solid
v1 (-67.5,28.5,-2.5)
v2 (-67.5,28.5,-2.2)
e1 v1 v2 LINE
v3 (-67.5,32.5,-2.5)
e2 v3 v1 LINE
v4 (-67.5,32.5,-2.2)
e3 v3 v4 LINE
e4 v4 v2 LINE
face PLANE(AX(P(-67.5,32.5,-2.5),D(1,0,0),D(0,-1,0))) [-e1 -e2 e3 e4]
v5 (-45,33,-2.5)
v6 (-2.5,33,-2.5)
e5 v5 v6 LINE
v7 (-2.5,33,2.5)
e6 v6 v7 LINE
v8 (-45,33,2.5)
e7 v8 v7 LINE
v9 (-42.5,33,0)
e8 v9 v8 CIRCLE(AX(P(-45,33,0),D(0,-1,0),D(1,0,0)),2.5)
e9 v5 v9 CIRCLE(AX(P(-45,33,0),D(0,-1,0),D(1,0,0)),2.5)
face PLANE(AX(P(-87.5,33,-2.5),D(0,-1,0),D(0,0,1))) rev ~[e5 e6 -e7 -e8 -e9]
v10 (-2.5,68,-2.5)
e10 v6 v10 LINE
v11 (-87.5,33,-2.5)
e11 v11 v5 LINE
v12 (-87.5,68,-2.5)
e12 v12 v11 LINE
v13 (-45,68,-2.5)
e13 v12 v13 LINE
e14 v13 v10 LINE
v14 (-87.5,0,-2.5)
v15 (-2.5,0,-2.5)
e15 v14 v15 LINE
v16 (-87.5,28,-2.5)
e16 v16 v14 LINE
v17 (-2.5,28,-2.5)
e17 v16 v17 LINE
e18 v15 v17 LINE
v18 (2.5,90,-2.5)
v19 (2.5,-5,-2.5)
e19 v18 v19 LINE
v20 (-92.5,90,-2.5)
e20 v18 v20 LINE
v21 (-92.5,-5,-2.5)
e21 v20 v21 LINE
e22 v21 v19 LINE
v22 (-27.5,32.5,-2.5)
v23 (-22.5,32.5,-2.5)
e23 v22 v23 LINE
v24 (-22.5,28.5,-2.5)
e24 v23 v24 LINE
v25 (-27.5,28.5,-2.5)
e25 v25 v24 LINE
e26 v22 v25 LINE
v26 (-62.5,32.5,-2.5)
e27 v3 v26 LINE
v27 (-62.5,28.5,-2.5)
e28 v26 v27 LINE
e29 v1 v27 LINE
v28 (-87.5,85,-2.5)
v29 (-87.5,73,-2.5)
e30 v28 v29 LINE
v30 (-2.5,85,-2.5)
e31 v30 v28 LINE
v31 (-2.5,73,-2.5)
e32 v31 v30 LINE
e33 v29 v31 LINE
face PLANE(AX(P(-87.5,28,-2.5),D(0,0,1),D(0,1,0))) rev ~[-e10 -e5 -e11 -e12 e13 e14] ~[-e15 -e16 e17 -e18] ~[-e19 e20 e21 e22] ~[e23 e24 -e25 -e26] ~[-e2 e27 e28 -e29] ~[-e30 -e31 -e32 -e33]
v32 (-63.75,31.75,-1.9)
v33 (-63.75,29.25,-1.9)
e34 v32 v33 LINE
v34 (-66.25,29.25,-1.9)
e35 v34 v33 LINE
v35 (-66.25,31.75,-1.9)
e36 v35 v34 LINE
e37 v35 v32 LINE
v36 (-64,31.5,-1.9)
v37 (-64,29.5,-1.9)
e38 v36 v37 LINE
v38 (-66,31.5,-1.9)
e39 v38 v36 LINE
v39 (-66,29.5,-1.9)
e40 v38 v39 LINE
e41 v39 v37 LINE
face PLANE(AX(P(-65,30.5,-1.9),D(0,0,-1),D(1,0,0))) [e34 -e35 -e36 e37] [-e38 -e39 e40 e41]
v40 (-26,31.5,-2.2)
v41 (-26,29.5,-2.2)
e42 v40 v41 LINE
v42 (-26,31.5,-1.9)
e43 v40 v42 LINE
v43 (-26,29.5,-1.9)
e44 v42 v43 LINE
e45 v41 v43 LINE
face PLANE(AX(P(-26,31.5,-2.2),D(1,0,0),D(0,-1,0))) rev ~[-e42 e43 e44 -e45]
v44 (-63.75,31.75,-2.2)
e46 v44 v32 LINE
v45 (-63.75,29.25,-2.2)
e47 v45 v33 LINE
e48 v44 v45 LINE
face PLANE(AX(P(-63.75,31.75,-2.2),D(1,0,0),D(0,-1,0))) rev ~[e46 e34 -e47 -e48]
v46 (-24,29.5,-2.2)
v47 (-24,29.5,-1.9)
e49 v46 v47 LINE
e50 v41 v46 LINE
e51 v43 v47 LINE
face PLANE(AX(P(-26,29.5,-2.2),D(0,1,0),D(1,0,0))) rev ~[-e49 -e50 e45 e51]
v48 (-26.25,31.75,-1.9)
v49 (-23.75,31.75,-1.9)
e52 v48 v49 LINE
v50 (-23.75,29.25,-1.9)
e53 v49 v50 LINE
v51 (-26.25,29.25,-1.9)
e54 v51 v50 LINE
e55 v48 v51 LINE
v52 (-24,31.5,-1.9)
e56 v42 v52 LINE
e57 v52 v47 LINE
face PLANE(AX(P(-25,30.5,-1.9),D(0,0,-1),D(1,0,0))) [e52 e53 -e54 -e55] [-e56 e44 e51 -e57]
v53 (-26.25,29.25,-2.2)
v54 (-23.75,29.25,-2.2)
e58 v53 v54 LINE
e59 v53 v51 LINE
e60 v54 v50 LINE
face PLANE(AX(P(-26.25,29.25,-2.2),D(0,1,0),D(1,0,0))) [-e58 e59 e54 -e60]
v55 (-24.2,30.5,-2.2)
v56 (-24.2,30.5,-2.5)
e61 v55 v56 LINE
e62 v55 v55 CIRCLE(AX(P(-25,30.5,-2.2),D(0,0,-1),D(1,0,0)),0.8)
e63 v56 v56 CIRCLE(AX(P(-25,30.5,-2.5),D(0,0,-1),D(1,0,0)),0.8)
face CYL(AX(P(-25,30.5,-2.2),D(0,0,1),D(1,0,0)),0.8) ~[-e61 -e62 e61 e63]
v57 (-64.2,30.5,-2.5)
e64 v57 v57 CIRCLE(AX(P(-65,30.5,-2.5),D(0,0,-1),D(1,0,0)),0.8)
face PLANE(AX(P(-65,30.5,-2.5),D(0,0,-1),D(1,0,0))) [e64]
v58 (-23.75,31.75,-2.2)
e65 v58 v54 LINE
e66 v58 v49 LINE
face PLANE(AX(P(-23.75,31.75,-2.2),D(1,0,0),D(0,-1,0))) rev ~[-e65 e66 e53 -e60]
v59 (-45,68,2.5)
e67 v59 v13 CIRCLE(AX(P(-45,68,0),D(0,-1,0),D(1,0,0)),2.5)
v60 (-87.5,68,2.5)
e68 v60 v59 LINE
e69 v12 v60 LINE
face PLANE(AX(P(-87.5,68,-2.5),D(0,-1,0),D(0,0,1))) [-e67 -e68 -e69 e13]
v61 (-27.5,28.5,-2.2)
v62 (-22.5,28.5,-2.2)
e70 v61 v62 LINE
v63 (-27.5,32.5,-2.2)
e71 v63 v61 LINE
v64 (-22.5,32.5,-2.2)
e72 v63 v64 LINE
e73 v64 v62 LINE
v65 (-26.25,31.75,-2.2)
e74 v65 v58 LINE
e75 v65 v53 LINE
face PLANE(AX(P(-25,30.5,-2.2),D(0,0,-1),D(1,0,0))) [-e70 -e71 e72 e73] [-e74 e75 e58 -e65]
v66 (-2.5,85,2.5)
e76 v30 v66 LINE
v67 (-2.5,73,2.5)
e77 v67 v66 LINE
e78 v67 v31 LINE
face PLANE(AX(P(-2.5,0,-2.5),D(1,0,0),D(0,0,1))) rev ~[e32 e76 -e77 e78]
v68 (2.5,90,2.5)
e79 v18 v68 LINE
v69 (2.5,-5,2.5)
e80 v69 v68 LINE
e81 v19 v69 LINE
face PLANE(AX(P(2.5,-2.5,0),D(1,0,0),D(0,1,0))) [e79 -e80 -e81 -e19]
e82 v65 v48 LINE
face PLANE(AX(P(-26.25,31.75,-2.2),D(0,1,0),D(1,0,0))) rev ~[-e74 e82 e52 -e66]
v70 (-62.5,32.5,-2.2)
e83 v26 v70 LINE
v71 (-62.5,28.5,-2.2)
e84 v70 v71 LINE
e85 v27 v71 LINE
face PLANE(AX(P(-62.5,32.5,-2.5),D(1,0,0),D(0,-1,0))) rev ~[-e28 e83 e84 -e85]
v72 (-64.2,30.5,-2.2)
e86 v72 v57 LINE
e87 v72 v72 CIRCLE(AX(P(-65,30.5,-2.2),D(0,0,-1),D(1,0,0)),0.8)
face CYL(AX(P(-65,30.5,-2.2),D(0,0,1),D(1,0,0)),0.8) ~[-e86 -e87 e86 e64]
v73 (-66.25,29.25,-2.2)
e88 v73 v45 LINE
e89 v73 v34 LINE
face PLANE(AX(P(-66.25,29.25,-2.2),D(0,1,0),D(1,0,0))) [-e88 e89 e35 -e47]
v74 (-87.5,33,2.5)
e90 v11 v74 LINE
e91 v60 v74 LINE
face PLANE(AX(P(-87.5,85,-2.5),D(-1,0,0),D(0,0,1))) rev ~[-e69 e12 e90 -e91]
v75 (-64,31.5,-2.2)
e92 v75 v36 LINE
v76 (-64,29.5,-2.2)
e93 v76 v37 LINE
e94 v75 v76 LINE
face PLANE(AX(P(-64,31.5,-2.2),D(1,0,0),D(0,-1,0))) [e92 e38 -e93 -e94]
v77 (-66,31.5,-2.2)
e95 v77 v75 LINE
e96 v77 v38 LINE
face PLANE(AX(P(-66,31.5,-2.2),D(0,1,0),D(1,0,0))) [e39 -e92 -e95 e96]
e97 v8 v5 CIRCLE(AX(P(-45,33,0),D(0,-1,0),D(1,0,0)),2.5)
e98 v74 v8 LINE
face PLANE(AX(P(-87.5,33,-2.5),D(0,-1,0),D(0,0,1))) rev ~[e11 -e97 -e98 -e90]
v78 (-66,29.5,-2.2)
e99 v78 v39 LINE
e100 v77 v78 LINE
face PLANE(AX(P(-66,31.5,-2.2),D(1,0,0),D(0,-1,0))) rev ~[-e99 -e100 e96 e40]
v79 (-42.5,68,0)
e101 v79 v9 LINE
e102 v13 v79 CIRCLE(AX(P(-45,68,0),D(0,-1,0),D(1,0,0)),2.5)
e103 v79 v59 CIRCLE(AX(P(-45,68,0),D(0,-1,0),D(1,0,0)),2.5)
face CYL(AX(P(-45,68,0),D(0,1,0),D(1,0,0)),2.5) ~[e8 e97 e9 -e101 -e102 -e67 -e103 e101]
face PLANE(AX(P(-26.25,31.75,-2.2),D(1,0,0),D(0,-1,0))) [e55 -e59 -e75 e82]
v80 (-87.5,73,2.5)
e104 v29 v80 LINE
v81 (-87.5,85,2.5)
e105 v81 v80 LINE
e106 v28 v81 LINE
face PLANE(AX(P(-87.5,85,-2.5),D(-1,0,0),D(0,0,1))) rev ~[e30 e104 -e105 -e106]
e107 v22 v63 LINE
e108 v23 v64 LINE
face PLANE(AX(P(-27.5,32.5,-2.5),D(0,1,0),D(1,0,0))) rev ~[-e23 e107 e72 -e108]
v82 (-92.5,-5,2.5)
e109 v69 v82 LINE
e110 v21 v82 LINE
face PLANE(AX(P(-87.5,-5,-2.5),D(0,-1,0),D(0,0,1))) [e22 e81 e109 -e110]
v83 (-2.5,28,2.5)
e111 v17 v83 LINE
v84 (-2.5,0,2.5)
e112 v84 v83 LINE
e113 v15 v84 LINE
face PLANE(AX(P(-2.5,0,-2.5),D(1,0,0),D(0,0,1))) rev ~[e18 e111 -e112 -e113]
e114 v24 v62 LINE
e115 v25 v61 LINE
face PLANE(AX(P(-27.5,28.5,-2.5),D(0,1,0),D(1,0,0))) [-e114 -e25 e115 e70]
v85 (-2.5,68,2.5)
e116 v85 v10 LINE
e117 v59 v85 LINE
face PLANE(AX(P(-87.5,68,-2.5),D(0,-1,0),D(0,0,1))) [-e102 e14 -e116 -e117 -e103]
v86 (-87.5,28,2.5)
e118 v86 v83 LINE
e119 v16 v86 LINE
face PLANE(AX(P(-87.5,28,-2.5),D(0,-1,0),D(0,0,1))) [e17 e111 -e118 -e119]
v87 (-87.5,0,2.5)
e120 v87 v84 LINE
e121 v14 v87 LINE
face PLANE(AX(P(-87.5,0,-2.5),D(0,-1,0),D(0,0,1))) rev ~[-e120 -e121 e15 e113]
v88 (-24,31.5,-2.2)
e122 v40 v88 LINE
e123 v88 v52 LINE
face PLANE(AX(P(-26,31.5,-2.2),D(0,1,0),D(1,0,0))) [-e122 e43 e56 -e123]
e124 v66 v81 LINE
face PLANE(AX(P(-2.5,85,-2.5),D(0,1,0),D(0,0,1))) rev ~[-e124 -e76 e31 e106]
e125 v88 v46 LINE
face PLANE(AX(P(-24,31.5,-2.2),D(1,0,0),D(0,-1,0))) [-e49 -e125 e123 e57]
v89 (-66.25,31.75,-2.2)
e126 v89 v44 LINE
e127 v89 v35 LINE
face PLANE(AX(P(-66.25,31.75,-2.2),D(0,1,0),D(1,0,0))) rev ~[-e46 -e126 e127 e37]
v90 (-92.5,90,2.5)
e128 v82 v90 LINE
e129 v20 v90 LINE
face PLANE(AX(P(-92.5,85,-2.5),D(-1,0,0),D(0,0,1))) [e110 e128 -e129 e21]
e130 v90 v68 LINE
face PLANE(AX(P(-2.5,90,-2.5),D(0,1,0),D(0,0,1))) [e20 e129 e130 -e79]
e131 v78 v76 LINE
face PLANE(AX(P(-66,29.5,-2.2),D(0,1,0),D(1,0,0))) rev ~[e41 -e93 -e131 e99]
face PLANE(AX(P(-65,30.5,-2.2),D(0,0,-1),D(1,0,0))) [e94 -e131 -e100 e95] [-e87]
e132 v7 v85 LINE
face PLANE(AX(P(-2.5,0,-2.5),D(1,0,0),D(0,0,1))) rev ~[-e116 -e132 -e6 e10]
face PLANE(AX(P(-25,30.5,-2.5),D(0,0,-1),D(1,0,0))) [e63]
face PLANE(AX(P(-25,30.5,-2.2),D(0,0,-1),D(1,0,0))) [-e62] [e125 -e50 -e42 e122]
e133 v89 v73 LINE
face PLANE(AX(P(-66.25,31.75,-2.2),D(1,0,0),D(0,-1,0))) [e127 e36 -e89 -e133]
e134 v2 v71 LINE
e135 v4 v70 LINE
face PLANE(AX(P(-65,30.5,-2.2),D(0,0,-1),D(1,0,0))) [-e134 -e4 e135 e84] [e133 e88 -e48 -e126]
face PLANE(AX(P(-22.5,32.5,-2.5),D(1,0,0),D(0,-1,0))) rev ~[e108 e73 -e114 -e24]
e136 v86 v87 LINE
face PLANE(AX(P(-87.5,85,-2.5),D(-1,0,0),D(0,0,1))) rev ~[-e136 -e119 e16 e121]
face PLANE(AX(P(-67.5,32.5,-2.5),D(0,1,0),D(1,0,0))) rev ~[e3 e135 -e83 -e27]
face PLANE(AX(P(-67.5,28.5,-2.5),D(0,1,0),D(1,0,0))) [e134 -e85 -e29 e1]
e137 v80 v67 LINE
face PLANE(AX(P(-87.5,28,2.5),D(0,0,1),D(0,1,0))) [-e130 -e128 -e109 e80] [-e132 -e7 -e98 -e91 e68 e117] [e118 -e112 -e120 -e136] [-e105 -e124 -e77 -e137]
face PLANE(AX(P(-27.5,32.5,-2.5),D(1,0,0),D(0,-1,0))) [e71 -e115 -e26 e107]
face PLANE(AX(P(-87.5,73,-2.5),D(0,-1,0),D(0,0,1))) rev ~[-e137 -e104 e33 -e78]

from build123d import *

# Parameters (mm, degrees)
F0_W      = 5
F0_H      = 5
F1_DEPTH  = 90
F2_W      = 5
F2_H      = 5
F3_DEPTH  = 90
F4_W      = 5
F4_H      = 5
F5_DEPTH  = 90
F6_W      = 5
F6_H      = 5
F7_DEPTH  = 90
F8_W      = 5
F8_H      = 5
F9_DEPTH  = 90
F10_R     = 2.5
F11_DEPTH = 35
F12_W     = 5
F12_H     = 5
F13_DEPTH = 85
F14_W     = 5
F14_H     = 4
F15_DEPTH = 0.3
F16_R     = 0.8
F17_DEPTH = 0.3
F18_W     = 2.5
F18_H     = 2.5
F18_W_2   = 2
F18_H_2   = 2
F19_DEPTH = 0.3
F20_R     = 0.8
F21_DEPTH = 0.3
F22_W     = 2.5
F22_H     = 2.5
F22_W_2   = 2
F22_H_2   = 2
F23_DEPTH = 0.3


with BuildPart() as f1:
    # F0 (on Front) → F1 (new body)
    with BuildSketch(Plane.XZ):
        Rectangle(F0_W, F0_H)
    extrude(amount=-F1_DEPTH)

    # F2 (on face) → F3 (join)
    with BuildSketch(Plane(origin=(-2.5, 0, 0), x_dir=(0, -1, 0), z_dir=(-1, 0, 0))):
        with Locations((-87.5, 0)):
            Rectangle(F2_W, F2_H)
    extrude(amount=F3_DEPTH)

    # F4 (on face) → F5 (join)
    with BuildSketch(Plane.XZ.offset(-85)):
        with Locations((-90, 0)):
            Rectangle(F4_W, F4_H)
    extrude(amount=F5_DEPTH)

    # F6 (on face) → F7 (join)
    with BuildSketch(Plane.YZ.offset(-87.5)):
        with Locations((-2.5, 0)):
            Rectangle(F6_W, F6_H)
    extrude(amount=F7_DEPTH)

    # F8 (on face) → F9 (join)
    with BuildSketch(Plane.YZ.offset(-87.5)):
        with Locations((70.5, 0)):
            Rectangle(F8_W, F8_H)
    extrude(amount=F9_DEPTH)

    # F10 (on face) → F11 (join)
    with BuildSketch(Plane.XZ.offset(-68)):
        with Locations((-45, 0)):
            Circle(F10_R)
    extrude(amount=F11_DEPTH)

    # F12 (on face) → F13 (join)
    with BuildSketch(Plane.YZ.offset(-87.5)):
        with Locations((30.5, 0)):
            Rectangle(F12_W, F12_H)
    extrude(amount=F13_DEPTH)

    # F14 (on face) → F15 (cut)
    with BuildSketch(Plane(origin=(0, 0, -2.5), x_dir=(1, 0, 0), z_dir=(0, 0, -1))):
        with Locations((-65, -30.5)):
            Rectangle(F14_W, F14_H)
        with Locations((-25, -30.5)):
            Rectangle(F14_W, F14_H)
    extrude(amount=-F15_DEPTH, mode=Mode.SUBTRACT)

    # F16 (on face) → F17 (join)
    with BuildSketch(Plane(origin=(0, 0, -2.2), x_dir=(1, 0, 0), z_dir=(0, 0, -1))):
        with Locations((-65, -30.5)):
            Circle(F16_R)
    extrude(amount=F17_DEPTH)

    # F18 (on face) → F19 (cut)
    with BuildSketch(Plane(origin=(0, 0, -2.2), x_dir=(1, 0, 0), z_dir=(0, 0, -1))):
        with Locations((-65, -30.5)):
            Rectangle(F18_W, F18_H)
        with Locations((-65, -30.5)):
            Rectangle(F18_W_2, F18_H_2, mode=Mode.SUBTRACT)
    extrude(amount=-F19_DEPTH, mode=Mode.SUBTRACT)

    # F20 (on face) → F21 (join)
    with BuildSketch(Plane(origin=(0, 0, -2.2), x_dir=(1, 0, 0), z_dir=(0, 0, -1))):
        with Locations((-25, -30.5)):
            Circle(F20_R)
    extrude(amount=F21_DEPTH)

    # F22 (on face) → F23 (cut)
    with BuildSketch(Plane(origin=(0, 0, -2.2), x_dir=(1, 0, 0), z_dir=(0, 0, -1))):
        with Locations((-25, -30.5)):
            Rectangle(F22_W, F22_H)
        with Locations((-25, -30.5)):
            Rectangle(F22_W_2, F22_H_2, mode=Mode.SUBTRACT)
    extrude(amount=-F23_DEPTH, mode=Mode.SUBTRACT)


solid = f1.part
